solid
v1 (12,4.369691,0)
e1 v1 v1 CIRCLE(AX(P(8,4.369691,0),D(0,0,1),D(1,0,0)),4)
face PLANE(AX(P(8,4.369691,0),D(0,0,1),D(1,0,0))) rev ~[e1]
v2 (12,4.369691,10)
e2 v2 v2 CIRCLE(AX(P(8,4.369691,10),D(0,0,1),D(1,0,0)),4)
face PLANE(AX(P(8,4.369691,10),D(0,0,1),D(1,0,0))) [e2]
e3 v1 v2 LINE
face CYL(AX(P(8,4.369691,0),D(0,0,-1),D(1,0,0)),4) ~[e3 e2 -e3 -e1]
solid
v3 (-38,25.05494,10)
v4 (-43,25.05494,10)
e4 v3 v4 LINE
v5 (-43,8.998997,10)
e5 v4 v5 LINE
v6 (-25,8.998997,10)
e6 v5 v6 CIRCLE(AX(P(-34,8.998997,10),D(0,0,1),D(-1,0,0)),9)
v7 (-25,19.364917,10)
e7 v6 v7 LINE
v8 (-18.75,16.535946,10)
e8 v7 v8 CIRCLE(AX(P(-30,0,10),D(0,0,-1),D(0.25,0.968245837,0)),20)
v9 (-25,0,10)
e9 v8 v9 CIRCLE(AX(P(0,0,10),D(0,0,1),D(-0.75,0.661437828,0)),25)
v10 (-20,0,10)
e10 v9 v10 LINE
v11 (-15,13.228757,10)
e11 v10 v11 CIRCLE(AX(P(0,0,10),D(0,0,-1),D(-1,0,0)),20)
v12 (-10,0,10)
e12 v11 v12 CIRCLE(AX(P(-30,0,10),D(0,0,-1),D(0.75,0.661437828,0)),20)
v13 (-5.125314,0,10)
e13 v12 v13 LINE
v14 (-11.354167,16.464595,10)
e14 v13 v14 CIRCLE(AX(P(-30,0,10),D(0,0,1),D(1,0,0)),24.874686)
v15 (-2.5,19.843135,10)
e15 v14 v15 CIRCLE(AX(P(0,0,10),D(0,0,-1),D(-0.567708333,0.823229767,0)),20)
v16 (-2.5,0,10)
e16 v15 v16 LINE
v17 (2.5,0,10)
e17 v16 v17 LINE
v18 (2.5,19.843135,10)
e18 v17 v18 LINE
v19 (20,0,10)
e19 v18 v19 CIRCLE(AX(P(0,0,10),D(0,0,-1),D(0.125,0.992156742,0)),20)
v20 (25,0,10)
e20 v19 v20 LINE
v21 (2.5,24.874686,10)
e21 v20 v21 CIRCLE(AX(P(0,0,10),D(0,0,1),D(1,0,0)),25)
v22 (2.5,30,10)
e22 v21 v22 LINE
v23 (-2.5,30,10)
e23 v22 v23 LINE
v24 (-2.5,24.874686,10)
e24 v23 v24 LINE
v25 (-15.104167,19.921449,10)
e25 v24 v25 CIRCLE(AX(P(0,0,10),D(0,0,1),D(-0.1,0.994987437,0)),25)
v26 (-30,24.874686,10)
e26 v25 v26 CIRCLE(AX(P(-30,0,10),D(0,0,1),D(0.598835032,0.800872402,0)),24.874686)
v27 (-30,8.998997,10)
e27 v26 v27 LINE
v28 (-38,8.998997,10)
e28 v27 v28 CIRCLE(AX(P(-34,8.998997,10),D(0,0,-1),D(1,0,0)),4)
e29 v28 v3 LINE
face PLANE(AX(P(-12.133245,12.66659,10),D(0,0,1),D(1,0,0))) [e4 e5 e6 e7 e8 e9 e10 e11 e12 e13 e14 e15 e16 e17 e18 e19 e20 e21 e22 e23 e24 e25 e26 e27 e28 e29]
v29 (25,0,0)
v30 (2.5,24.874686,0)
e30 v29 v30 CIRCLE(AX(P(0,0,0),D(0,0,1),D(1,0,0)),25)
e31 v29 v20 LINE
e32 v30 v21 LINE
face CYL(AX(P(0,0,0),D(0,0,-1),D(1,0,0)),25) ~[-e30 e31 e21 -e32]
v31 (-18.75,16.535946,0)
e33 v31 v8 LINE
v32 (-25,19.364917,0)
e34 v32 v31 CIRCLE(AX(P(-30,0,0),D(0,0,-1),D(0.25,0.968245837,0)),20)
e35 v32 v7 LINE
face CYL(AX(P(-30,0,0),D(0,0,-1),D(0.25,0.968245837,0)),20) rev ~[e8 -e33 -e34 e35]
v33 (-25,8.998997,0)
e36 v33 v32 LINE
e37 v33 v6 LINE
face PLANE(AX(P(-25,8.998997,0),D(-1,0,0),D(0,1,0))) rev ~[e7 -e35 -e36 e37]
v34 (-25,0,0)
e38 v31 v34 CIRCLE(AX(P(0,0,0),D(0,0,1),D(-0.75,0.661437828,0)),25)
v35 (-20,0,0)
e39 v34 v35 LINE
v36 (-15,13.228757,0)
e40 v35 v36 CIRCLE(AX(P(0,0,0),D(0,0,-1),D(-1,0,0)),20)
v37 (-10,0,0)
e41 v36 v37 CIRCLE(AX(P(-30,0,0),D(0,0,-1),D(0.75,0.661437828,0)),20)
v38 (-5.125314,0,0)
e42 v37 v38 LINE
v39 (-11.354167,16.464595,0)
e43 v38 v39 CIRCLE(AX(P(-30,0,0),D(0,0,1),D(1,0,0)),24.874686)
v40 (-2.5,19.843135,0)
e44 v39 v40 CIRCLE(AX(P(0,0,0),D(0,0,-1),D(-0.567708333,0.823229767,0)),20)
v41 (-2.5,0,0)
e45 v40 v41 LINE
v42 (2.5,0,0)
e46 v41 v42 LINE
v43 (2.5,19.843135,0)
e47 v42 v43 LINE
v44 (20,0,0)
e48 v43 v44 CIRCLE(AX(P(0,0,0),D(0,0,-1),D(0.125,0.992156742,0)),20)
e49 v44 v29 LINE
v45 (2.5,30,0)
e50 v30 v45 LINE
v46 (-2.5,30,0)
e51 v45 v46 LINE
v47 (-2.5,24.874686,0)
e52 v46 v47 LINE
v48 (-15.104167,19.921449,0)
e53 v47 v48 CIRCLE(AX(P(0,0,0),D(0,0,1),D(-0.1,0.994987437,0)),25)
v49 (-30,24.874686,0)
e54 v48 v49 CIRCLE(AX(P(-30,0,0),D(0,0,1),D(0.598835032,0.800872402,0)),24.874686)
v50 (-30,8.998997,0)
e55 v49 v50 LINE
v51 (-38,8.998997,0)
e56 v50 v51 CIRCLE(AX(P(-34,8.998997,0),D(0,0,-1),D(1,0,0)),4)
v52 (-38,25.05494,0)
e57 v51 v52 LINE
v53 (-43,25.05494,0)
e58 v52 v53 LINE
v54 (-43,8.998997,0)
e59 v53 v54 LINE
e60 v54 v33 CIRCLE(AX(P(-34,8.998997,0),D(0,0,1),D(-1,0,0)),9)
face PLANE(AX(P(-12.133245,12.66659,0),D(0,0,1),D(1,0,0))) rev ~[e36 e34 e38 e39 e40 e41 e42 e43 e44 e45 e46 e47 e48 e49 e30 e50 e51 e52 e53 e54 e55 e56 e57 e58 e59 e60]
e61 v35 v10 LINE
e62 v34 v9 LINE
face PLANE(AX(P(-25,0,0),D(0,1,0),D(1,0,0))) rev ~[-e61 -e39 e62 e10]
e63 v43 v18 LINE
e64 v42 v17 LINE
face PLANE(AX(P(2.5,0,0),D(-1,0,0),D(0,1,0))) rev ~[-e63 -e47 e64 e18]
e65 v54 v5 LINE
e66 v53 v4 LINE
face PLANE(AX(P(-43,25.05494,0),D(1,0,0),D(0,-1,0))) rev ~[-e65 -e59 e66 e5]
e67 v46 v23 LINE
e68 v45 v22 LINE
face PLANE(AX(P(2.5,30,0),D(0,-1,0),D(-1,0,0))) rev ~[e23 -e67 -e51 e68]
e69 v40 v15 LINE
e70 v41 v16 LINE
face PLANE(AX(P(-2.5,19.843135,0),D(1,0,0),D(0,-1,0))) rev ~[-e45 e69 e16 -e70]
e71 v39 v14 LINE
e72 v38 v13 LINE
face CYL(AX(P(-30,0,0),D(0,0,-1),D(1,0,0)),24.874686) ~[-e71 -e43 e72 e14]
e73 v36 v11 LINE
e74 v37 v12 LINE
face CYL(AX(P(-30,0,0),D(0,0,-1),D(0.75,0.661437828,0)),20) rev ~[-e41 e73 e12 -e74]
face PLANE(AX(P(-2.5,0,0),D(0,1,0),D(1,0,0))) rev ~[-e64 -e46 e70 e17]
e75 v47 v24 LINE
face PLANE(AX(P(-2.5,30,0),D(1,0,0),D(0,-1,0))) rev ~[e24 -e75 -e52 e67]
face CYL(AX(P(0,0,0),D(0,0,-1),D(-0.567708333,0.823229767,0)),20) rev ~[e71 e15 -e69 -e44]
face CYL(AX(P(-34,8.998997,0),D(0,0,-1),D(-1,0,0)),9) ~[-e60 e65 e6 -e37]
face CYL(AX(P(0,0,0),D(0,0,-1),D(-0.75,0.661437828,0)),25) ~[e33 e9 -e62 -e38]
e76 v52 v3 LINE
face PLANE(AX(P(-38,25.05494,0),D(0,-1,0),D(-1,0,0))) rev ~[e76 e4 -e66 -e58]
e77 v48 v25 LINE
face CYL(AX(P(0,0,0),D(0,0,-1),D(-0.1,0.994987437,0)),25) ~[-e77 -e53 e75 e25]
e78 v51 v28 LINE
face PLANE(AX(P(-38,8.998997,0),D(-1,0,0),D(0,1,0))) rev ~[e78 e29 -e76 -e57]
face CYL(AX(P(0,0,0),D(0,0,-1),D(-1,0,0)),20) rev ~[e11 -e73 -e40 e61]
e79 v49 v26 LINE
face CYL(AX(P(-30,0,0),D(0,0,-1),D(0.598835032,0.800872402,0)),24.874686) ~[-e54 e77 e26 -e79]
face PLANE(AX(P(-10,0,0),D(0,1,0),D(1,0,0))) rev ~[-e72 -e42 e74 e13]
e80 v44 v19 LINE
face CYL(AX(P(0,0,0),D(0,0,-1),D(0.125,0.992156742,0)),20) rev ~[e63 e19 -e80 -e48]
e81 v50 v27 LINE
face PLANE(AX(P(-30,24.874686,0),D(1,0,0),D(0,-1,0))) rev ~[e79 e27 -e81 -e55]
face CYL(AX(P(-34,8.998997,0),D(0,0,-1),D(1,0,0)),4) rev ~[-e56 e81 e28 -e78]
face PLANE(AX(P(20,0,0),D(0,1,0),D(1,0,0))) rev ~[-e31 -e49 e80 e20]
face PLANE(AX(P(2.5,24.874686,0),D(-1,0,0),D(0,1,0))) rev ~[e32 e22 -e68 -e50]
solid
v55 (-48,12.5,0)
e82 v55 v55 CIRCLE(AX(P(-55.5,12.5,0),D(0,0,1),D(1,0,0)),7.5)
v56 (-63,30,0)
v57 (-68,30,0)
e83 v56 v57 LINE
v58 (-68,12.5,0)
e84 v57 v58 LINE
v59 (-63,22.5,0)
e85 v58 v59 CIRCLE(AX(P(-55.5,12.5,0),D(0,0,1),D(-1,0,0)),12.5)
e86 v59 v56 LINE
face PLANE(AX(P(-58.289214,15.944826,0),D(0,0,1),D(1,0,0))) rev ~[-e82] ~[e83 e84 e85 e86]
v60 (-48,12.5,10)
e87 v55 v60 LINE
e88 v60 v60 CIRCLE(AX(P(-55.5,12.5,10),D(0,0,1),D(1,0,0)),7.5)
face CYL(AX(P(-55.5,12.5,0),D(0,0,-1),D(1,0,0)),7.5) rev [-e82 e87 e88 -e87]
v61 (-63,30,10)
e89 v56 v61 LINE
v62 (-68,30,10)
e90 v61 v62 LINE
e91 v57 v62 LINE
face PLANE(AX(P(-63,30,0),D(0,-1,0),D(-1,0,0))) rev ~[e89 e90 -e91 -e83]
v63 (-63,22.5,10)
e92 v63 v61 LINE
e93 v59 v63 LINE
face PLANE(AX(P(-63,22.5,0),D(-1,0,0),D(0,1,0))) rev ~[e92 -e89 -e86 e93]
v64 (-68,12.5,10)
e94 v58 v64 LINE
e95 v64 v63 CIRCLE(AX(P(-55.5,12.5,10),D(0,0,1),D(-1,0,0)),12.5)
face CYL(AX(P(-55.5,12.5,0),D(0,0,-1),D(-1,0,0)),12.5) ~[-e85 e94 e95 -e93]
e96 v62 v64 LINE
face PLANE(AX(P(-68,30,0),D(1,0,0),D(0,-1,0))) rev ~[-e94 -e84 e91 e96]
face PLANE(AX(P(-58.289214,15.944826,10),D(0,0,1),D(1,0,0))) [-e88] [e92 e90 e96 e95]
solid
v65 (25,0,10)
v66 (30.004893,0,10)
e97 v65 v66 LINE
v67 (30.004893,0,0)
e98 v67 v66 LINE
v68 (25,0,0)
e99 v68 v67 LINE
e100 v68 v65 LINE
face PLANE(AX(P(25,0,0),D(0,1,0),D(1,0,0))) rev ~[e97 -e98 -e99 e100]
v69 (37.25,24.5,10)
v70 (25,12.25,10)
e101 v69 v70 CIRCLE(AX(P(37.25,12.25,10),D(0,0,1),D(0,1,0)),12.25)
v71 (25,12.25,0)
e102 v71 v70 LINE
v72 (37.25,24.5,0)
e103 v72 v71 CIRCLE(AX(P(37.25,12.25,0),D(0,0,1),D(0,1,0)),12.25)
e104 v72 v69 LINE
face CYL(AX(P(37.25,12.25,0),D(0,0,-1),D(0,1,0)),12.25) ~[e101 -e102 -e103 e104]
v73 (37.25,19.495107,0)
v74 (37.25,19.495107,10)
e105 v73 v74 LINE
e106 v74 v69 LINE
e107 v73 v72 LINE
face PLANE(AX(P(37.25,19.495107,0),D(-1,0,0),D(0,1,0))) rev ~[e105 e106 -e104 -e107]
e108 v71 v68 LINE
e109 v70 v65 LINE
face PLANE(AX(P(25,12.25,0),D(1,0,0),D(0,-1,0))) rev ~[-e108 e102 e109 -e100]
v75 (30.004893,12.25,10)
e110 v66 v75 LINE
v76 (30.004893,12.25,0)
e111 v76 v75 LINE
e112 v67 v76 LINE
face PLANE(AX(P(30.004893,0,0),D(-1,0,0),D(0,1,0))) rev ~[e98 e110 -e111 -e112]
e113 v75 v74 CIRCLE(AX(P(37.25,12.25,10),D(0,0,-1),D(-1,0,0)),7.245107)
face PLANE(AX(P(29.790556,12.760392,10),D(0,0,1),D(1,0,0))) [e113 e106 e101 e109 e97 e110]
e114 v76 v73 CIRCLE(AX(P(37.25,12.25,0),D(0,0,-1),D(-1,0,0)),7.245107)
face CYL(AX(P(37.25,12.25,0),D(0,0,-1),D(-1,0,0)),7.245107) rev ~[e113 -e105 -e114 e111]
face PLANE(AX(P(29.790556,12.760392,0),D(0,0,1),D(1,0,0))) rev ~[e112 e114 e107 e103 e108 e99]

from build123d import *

# Parameters (mm, degrees)
SKETCH_1_R        = 7.5
EXTRUDE_1_DEPTH   = 10
EXTRUDE_1_2_DEPTH = 10
EXTRUDE_1_3_DEPTH = 10
SKETCH_1_R_2      = 4
EXTRUDE_1_4_DEPTH = 10


with BuildPart() as part:
    # Эскиз1 → Бобышка-Вытянуть1 (new body)
    with BuildSketch(Plane.XY):
        with BuildLine():
            ThreePointArc((-68, 12.5), (-44.319660113, 6.909830056), (-63, 22.5))
            Line((-63, 22.5), (-63, 30))
            Line((-63, 30), (-68, 30))
            Line((-68, 30), (-68, 12.5))
        make_face()
        with Locations((-55.5, 12.5)):
            Circle(SKETCH_1_R, mode=Mode.SUBTRACT)
    extrude(amount=EXTRUDE_1_DEPTH)


with BuildPart() as body_2:
    # Эскиз1 → Extrude 1 2 (new body)
    with BuildSketch(Plane.XY):
        with BuildLine():
            Line((2.5, 24.874685928), (2.5, 30))
            Line((2.5, 30), (-2.5, 30))
            Line((-2.5, 30), (-2.5, 24.874685928))
            ThreePointArc((-2.5, 24.874685928), (-9.14386728, 23.267782257), (-15.104166667, 19.921449478))
            ThreePointArc((-15.104166667, 19.921449478), (-22.151108326, 23.603917037), (-30, 24.874685928))
            Line((-30, 24.874685928), (-30, 8.998997376))
            ThreePointArc((-30, 8.998997376), (-34, 4.998997376), (-38, 8.998997376))
            Line((-38, 8.998997376), (-38, 25.054939633))
            Line((-38, 25.054939633), (-43, 25.054939633))
            Line((-43, 25.054939633), (-43, 12.5))
            Line((-43, 12.5), (-43, 8.998997376))
            ThreePointArc((-43, 8.998997376), (-34, -0.001002624), (-25, 8.998997376))
            Line((-25, 8.998997376), (-25, 19.364916731))
            ThreePointArc((-25, 19.364916731), (-21.752794759, 18.220417276), (-18.75, 16.535945694))
            ThreePointArc((-18.75, 16.535945694), (-23.385358667, 8.838834765), (-25, 0))
            Line((-25, 0), (-20, 0))
            ThreePointArc((-20, 0), (-18.708286934, 7.071067812), (-15, 13.228756555))
            ThreePointArc((-15, 13.228756555), (-11.291713066, 7.071067812), (-10, 0))
            Line((-10, 0), (-5.125314072, 0))
            ThreePointArc((-5.125314072, 0), (-6.73458309, 8.801725739), (-11.354166667, 16.464595328))
            ThreePointArc((-11.354166667, 16.464595328), (-7.130085259, 18.685873921), (-2.5, 19.843134833))
            Line((-2.5, 19.843134833), (-2.5, 0))
            Line((-2.5, 0), (2.5, 0))
            Line((2.5, 0), (2.5, 19.843134833))
            ThreePointArc((2.5, 19.843134833), (15, 13.228756555), (20, 0))
            Line((20, 0), (25, 0))
            ThreePointArc((25, 0), (18.540496218, 16.770509831), (2.5, 24.874685928))
        make_face()
    extrude(amount=EXTRUDE_1_2_DEPTH)


with BuildPart() as body_3:
    # Эскиз1 → Extrude 1 3 (new body)
    with BuildSketch(Plane.XY):
        with BuildLine():
            Line((25, 12.25), (25, 0))
            Line((25, 0), (30.004893159, 0))
            Line((30.004893159, 0), (30.004893159, 12.25))
            ThreePointArc((30.004893159, 12.25), (32.126935822, 17.373064178), (37.25, 19.495106841))
            Line((37.25, 19.495106841), (37.25, 24.5))
            ThreePointArc((37.25, 24.5), (28.58794193, 20.91205807), (25, 12.25))
        make_face()
    extrude(amount=EXTRUDE_1_3_DEPTH)


with BuildPart() as body_4:
    # Эскиз1 → Extrude 1 4 (new body)
    with BuildSketch(Plane.XY):
        with Locations((8, 4.369690994)):
            Circle(SKETCH_1_R_2)
    extrude(amount=EXTRUDE_1_4_DEPTH)


solid = Compound([part.part, body_2.part, body_3.part, body_4.part])
